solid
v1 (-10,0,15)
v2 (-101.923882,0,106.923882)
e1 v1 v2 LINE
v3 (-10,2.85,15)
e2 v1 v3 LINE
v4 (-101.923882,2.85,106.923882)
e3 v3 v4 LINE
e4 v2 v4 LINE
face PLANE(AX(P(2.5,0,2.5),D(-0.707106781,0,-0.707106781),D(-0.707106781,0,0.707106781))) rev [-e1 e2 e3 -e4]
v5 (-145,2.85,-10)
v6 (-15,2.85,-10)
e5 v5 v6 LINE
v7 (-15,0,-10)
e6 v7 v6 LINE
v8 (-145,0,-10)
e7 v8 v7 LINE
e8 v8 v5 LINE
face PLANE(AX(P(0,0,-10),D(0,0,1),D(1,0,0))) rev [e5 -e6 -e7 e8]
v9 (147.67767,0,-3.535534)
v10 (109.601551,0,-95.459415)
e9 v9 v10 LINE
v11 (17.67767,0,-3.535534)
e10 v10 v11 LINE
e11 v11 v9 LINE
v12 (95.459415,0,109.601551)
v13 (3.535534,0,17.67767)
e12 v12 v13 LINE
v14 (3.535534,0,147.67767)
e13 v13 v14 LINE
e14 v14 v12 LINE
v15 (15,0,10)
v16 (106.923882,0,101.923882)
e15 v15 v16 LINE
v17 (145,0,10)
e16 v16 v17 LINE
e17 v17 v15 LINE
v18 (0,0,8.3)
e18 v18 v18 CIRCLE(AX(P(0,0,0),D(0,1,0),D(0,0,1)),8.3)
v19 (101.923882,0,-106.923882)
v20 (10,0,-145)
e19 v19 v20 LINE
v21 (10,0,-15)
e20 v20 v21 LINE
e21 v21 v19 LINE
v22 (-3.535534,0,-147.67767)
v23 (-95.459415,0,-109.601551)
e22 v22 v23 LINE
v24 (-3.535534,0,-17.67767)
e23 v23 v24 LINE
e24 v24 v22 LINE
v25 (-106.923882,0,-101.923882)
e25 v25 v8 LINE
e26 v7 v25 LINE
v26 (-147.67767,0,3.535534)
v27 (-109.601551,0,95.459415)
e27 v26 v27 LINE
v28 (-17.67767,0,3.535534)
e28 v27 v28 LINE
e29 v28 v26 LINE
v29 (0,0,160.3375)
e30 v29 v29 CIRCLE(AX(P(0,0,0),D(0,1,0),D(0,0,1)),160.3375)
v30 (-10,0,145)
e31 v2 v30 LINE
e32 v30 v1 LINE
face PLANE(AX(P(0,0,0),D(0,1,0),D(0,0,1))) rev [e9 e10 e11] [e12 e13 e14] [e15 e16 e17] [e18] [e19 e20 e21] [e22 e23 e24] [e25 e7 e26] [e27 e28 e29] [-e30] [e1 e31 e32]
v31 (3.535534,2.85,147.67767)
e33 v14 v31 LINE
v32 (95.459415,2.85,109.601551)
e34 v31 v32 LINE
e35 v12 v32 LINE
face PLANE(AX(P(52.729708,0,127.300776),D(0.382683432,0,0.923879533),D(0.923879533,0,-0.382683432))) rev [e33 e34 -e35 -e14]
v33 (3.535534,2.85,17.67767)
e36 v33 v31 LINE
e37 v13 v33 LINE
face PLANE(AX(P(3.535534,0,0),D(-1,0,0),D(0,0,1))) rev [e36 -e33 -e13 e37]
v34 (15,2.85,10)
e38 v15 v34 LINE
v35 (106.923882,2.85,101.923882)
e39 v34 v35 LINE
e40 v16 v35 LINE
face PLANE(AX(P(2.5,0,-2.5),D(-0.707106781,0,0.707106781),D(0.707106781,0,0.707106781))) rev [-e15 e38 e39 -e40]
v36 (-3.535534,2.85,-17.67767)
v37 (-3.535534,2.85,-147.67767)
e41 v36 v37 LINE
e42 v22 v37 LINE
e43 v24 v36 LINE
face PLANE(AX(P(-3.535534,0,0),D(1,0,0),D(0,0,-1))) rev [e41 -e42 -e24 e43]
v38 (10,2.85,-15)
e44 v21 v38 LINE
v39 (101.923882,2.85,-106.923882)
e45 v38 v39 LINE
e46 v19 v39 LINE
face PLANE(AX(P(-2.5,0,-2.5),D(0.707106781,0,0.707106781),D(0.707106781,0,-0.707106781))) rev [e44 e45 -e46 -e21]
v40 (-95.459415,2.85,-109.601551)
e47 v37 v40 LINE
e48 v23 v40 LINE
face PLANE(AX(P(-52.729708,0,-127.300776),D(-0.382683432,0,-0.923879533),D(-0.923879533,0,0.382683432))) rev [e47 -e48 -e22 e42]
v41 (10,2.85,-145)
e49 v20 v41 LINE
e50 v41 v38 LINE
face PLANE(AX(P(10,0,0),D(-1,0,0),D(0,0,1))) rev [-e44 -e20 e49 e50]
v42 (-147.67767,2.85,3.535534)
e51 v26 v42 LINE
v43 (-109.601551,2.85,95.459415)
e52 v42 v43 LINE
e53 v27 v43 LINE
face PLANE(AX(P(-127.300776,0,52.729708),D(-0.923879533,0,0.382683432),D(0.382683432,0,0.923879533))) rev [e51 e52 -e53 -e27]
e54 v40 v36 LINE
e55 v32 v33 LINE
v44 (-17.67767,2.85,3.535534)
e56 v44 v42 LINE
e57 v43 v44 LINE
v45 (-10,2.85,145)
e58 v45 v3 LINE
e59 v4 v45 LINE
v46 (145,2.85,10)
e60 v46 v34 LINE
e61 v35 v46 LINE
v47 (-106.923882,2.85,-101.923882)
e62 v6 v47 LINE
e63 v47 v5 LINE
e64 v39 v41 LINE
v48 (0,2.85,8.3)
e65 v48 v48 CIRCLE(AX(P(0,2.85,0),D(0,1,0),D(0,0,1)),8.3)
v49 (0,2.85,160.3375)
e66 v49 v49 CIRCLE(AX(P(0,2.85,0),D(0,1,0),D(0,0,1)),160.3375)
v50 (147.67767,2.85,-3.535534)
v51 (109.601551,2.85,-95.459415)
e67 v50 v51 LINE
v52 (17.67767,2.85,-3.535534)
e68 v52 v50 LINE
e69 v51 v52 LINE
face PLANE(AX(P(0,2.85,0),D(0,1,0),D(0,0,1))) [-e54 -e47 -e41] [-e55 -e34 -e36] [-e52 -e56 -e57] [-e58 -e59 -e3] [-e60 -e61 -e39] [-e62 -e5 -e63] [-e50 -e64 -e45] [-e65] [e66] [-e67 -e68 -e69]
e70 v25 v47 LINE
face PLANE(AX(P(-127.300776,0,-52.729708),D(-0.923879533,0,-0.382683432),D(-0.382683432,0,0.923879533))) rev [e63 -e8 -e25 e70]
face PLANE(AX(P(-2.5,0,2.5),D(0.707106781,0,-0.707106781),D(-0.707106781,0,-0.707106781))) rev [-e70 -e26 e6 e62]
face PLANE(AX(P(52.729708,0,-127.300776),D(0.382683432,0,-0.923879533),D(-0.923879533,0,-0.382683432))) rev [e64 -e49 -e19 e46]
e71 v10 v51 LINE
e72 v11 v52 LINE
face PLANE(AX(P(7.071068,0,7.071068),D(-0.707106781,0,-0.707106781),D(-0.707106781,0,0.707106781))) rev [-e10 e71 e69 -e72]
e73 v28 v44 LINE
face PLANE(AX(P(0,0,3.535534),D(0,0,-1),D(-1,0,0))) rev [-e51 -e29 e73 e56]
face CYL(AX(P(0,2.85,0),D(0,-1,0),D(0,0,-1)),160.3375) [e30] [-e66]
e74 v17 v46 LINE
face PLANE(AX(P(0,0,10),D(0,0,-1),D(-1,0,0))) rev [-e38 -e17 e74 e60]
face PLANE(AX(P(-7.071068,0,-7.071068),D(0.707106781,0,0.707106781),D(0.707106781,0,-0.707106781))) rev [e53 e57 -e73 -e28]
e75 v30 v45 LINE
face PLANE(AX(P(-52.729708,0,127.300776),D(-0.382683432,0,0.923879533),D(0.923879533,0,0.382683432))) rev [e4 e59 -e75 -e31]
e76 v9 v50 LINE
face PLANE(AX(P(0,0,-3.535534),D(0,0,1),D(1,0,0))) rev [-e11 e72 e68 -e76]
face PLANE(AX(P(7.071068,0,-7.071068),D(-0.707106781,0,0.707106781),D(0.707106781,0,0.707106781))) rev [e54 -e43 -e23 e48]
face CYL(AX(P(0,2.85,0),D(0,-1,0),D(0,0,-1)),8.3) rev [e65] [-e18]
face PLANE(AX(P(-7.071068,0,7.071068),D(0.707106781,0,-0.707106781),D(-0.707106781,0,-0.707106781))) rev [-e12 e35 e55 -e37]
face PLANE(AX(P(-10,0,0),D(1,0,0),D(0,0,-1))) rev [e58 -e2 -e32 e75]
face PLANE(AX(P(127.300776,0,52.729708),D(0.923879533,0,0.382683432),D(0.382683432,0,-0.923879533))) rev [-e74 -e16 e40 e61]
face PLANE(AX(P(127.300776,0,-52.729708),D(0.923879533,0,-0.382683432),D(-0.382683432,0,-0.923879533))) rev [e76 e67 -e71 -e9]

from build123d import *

# Parameters (mm, degrees)
SKETCH1_R           = 160.3375
SKETCH1_R_2         = 8.3
BOSS_EXTRUDE1_DEPTH = 2.85
CUT_EXTRUDE1_DEPTH  = 227.769376928


with BuildPart() as part:
    # Sketch1 → Boss-Extrude1 (new body)
    with BuildSketch(Plane(origin=(0, 0, 0), x_dir=(1, 0, 0), z_dir=(0, 1, 0))):
        with Locations(Location((0, 0, 0), (0, 0, 270))):
            Circle(SKETCH1_R)
        with Locations(Location((0, 0, 0), (0, 0, 270))):
            Circle(SKETCH1_R_2, mode=Mode.SUBTRACT)
    extrude(amount=BOSS_EXTRUDE1_DEPTH)

    # Sketch3 → Cut-Extrude1 (cut, through all)
    with BuildSketch(Plane(origin=(0, 2.85, 0), x_dir=(1, 0, 0), z_dir=(0, 1, 0))):
        Polygon((-15, 10), (-106.923881554, 101.923881554), (-145, 10), align=None)
        Polygon((-95.45941546, 109.601551084), (-3.535533906, 17.67766953), (-3.535533906, 147.67766953), align=None)
        Polygon((10, 145), (10, 15), (101.923881554, 106.923881554), align=None)
        Polygon((109.601551084, 95.45941546), (17.67766953, 3.535533906), (147.67766953, 3.535533906), align=None)
        Polygon((145, -10), (15, -10), (106.923881554, -101.923881554), align=None)
        Polygon((95.45941546, -109.601551084), (3.535533906, -17.67766953), (3.535533906, -147.67766953), align=None)
        Polygon((-10, -145), (-10, -15), (-101.923881554, -106.923881554), align=None)
        Polygon((-109.601551084, -95.45941546), (-17.67766953, -3.535533906), (-147.67766953, -3.535533906), align=None)
    extrude(amount=-CUT_EXTRUDE1_DEPTH, mode=Mode.SUBTRACT)


solid = part.part
